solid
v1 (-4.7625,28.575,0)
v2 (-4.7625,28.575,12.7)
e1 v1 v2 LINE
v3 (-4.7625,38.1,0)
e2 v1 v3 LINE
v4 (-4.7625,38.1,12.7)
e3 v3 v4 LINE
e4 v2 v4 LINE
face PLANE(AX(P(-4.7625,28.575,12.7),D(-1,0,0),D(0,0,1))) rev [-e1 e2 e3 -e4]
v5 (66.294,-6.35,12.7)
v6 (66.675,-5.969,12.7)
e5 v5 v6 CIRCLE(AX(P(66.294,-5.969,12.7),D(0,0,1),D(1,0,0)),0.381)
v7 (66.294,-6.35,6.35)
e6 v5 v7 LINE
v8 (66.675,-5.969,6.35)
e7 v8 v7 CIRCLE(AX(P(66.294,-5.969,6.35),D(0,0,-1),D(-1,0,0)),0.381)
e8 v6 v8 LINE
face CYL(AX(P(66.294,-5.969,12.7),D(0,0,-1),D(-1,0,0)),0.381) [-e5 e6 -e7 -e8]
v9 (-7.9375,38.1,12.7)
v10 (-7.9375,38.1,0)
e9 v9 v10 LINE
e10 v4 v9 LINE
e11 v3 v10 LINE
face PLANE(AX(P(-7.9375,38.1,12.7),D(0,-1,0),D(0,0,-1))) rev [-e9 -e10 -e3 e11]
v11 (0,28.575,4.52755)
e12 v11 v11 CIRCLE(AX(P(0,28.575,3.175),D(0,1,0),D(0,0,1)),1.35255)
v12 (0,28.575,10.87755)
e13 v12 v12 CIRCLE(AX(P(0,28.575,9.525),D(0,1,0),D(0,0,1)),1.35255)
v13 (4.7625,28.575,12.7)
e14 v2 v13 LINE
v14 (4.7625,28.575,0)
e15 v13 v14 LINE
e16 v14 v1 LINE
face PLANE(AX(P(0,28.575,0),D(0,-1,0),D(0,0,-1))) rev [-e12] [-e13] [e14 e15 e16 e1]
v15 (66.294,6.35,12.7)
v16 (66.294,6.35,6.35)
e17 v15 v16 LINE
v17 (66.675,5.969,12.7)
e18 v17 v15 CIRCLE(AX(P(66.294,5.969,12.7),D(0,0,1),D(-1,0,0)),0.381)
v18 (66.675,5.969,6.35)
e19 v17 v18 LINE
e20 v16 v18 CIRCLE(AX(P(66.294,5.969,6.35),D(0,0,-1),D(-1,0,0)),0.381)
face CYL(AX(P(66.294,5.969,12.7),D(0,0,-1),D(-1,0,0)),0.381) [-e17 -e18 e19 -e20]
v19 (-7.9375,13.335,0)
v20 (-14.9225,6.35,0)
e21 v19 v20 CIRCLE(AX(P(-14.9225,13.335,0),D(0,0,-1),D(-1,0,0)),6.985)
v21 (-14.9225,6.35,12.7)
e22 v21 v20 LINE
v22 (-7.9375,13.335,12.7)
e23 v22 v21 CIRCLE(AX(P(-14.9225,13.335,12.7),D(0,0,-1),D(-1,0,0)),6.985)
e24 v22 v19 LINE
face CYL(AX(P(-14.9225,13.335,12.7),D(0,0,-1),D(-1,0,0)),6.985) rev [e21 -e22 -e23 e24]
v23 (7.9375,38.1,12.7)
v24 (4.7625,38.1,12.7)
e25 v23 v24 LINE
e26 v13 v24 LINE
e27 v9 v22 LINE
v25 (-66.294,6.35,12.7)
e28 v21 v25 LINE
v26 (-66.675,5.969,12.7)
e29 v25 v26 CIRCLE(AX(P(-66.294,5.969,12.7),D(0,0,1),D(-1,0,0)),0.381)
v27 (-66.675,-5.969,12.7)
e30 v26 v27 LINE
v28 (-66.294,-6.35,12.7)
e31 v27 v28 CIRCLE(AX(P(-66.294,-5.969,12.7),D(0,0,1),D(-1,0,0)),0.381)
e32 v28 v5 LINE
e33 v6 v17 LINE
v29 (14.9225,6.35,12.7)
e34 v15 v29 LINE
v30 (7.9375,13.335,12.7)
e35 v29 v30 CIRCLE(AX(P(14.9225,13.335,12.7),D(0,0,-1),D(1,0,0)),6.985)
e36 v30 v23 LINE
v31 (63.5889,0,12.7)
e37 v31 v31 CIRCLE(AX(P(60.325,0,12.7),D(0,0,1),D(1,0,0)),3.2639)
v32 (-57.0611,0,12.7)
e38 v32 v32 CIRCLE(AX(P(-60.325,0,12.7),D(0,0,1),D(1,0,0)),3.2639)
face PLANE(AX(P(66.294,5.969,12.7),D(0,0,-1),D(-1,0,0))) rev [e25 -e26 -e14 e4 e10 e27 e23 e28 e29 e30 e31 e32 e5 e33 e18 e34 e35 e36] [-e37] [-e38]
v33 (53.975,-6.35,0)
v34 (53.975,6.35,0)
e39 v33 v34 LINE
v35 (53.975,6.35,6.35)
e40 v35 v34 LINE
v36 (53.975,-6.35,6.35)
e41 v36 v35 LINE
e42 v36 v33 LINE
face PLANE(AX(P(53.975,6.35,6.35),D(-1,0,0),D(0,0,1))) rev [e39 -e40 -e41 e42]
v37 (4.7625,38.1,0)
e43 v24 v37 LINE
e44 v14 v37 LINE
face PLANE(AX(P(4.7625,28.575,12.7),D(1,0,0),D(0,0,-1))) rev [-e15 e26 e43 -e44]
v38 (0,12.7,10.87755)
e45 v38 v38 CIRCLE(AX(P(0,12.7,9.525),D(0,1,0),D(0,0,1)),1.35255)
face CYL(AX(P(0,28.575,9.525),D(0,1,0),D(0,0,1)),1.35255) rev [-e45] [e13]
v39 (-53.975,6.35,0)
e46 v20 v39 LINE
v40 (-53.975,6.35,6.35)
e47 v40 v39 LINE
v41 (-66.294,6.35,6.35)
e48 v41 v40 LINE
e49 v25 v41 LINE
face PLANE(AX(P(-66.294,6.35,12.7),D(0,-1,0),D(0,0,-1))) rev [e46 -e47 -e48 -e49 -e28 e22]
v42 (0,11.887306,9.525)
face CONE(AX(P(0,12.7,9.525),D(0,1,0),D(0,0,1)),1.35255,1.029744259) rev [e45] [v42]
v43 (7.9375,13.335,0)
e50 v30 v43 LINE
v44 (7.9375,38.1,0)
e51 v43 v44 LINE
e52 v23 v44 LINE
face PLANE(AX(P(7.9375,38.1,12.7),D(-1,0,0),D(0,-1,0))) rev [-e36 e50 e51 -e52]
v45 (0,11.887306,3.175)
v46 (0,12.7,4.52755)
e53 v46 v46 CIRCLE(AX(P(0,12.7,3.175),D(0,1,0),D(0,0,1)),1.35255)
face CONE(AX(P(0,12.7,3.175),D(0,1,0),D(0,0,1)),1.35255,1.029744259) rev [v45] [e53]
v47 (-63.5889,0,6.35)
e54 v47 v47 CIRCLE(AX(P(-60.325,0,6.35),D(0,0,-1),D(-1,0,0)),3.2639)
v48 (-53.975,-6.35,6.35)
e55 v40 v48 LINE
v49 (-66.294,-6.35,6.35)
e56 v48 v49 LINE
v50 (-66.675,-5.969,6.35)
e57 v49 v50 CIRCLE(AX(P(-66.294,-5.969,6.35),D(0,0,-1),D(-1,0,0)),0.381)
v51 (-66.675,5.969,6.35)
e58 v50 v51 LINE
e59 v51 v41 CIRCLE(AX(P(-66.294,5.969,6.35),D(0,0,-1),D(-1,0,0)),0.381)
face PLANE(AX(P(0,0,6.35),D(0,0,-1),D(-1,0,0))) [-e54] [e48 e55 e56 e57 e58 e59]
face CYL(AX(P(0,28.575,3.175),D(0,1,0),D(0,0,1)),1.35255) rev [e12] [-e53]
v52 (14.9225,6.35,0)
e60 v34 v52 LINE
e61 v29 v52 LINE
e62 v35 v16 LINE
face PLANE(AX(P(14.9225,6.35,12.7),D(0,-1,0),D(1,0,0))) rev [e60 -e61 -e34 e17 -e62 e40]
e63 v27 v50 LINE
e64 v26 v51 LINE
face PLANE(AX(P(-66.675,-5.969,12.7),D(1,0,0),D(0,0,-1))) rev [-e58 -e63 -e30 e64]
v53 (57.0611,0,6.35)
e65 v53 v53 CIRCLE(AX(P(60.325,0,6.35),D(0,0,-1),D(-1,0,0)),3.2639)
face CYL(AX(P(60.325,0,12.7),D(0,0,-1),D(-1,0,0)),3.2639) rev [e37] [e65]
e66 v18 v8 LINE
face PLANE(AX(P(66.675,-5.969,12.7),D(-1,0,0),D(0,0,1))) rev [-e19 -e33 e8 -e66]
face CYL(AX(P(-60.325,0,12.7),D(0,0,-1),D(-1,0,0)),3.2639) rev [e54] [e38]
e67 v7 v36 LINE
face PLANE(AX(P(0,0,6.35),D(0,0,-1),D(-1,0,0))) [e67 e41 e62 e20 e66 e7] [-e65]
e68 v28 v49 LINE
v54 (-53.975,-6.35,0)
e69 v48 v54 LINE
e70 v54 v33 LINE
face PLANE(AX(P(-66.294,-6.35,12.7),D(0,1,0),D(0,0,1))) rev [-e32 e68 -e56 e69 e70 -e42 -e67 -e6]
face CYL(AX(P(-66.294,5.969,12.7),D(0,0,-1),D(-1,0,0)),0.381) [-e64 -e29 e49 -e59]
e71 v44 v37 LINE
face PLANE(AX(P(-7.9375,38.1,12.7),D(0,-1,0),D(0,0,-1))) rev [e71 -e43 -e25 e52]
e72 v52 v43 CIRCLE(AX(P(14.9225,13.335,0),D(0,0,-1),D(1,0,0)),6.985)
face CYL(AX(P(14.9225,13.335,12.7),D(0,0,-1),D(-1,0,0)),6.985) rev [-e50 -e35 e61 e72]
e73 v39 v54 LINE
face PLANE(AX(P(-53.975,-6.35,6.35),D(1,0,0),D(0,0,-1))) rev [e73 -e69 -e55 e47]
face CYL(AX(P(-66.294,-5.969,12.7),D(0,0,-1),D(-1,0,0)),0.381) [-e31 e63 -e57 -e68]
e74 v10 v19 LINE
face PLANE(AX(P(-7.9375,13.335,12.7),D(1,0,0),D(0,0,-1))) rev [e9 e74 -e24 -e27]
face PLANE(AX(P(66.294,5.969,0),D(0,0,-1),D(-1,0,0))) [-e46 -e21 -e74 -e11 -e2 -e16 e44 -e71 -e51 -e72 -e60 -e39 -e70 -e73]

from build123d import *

# Parameters (mm, degrees)
SKETCH1_R                 = 3.2639
BOSS_EXTRUDE1_DEPTH       = 12.7
SKETCH2_W                 = 12.7
SKETCH2_H                 = 12.7
CUT_EXTRUDE1_DEPTH        = 6.35
SKETCH3_W                 = 9.525
SKETCH3_H                 = 12.7
CUT_EXTRUDE2_DEPTH        = 9.525
F_6_32_TAPPED_HOLE1_D     = 2.7051
F_6_32_TAPPED_HOLE1_DEPTH = 15.875
F_6_32_TAPPED_HOLE1_TIP   = 0.81269403


with BuildPart() as part:
    # Sketch1 → Boss-Extrude1 (new body)
    with BuildSketch(Plane.XY):
        with BuildLine():
            Line((-7.9375, 13.335), (-7.9375, 38.1))
            Line((-7.9375, 38.1), (7.9375, 38.1))
            Line((7.9375, 38.1), (7.9375, 13.335))
            ThreePointArc((7.9375, 13.335), (9.983359133, 8.395859133), (14.9225, 6.35))
            Line((14.9225, 6.35), (66.294, 6.35))
            ThreePointArc((66.294, 6.35), (66.563407684, 6.238407684), (66.675, 5.969))
            Line((66.675, 5.969), (66.675, -5.969))
            ThreePointArc((66.675, -5.969), (66.563407684, -6.238407684), (66.294, -6.35))
            Line((66.294, -6.35), (-66.294, -6.35))
            ThreePointArc((-66.294, -6.35), (-66.563407684, -6.238407684), (-66.675, -5.969))
            Line((-66.675, -5.969), (-66.675, 5.969))
            ThreePointArc((-66.675, 5.969), (-66.563407684, 6.238407684), (-66.294, 6.35))
            Line((-66.294, 6.35), (-14.9225, 6.35))
            ThreePointArc((-14.9225, 6.35), (-9.983359133, 8.395859133), (-7.9375, 13.335))
        make_face()
        with Locations((-60.325, 0)):
            Circle(SKETCH1_R, mode=Mode.SUBTRACT)
        with Locations((60.325, 0)):
            Circle(SKETCH1_R, mode=Mode.SUBTRACT)
    extrude(amount=BOSS_EXTRUDE1_DEPTH)

    # Sketch2 → Cut-Extrude1 (cut)
    with BuildSketch(Plane(origin=(0, 0, 0), x_dir=(-1, 0, 0), z_dir=(0, 0, -1))):
        with Locations((-60.325, 0)):
            Rectangle(SKETCH2_W, SKETCH2_H)
        with Locations((60.325, 0)):
            Rectangle(SKETCH2_W, SKETCH2_H)
    extrude(amount=-CUT_EXTRUDE1_DEPTH, mode=Mode.SUBTRACT)

    # Sketch3 → Cut-Extrude2 (cut)
    with BuildSketch(Plane(origin=(0, 38.1, 0), x_dir=(1, 0, 0), z_dir=(0, 1, 0))):
        with Locations((0, -6.35)):
            Rectangle(SKETCH3_W, SKETCH3_H)
    extrude(amount=-CUT_EXTRUDE2_DEPTH, mode=Mode.SUBTRACT)

    # #6-32 Tapped Hole1
    with Locations(Plane(origin=(0, 28.575, 0), x_dir=(1, 0, 0), z_dir=(0, 1, 0))):
        with Locations((0, -3.175), (0, -9.525)):
            Hole(F_6_32_TAPPED_HOLE1_D / 2, depth=F_6_32_TAPPED_HOLE1_DEPTH)
            with Locations((0, 0, -(F_6_32_TAPPED_HOLE1_DEPTH + F_6_32_TAPPED_HOLE1_TIP / 2))):  # 118° drill point
                Cone(0, F_6_32_TAPPED_HOLE1_D / 2, F_6_32_TAPPED_HOLE1_TIP, mode=Mode.SUBTRACT)


solid = part.part
